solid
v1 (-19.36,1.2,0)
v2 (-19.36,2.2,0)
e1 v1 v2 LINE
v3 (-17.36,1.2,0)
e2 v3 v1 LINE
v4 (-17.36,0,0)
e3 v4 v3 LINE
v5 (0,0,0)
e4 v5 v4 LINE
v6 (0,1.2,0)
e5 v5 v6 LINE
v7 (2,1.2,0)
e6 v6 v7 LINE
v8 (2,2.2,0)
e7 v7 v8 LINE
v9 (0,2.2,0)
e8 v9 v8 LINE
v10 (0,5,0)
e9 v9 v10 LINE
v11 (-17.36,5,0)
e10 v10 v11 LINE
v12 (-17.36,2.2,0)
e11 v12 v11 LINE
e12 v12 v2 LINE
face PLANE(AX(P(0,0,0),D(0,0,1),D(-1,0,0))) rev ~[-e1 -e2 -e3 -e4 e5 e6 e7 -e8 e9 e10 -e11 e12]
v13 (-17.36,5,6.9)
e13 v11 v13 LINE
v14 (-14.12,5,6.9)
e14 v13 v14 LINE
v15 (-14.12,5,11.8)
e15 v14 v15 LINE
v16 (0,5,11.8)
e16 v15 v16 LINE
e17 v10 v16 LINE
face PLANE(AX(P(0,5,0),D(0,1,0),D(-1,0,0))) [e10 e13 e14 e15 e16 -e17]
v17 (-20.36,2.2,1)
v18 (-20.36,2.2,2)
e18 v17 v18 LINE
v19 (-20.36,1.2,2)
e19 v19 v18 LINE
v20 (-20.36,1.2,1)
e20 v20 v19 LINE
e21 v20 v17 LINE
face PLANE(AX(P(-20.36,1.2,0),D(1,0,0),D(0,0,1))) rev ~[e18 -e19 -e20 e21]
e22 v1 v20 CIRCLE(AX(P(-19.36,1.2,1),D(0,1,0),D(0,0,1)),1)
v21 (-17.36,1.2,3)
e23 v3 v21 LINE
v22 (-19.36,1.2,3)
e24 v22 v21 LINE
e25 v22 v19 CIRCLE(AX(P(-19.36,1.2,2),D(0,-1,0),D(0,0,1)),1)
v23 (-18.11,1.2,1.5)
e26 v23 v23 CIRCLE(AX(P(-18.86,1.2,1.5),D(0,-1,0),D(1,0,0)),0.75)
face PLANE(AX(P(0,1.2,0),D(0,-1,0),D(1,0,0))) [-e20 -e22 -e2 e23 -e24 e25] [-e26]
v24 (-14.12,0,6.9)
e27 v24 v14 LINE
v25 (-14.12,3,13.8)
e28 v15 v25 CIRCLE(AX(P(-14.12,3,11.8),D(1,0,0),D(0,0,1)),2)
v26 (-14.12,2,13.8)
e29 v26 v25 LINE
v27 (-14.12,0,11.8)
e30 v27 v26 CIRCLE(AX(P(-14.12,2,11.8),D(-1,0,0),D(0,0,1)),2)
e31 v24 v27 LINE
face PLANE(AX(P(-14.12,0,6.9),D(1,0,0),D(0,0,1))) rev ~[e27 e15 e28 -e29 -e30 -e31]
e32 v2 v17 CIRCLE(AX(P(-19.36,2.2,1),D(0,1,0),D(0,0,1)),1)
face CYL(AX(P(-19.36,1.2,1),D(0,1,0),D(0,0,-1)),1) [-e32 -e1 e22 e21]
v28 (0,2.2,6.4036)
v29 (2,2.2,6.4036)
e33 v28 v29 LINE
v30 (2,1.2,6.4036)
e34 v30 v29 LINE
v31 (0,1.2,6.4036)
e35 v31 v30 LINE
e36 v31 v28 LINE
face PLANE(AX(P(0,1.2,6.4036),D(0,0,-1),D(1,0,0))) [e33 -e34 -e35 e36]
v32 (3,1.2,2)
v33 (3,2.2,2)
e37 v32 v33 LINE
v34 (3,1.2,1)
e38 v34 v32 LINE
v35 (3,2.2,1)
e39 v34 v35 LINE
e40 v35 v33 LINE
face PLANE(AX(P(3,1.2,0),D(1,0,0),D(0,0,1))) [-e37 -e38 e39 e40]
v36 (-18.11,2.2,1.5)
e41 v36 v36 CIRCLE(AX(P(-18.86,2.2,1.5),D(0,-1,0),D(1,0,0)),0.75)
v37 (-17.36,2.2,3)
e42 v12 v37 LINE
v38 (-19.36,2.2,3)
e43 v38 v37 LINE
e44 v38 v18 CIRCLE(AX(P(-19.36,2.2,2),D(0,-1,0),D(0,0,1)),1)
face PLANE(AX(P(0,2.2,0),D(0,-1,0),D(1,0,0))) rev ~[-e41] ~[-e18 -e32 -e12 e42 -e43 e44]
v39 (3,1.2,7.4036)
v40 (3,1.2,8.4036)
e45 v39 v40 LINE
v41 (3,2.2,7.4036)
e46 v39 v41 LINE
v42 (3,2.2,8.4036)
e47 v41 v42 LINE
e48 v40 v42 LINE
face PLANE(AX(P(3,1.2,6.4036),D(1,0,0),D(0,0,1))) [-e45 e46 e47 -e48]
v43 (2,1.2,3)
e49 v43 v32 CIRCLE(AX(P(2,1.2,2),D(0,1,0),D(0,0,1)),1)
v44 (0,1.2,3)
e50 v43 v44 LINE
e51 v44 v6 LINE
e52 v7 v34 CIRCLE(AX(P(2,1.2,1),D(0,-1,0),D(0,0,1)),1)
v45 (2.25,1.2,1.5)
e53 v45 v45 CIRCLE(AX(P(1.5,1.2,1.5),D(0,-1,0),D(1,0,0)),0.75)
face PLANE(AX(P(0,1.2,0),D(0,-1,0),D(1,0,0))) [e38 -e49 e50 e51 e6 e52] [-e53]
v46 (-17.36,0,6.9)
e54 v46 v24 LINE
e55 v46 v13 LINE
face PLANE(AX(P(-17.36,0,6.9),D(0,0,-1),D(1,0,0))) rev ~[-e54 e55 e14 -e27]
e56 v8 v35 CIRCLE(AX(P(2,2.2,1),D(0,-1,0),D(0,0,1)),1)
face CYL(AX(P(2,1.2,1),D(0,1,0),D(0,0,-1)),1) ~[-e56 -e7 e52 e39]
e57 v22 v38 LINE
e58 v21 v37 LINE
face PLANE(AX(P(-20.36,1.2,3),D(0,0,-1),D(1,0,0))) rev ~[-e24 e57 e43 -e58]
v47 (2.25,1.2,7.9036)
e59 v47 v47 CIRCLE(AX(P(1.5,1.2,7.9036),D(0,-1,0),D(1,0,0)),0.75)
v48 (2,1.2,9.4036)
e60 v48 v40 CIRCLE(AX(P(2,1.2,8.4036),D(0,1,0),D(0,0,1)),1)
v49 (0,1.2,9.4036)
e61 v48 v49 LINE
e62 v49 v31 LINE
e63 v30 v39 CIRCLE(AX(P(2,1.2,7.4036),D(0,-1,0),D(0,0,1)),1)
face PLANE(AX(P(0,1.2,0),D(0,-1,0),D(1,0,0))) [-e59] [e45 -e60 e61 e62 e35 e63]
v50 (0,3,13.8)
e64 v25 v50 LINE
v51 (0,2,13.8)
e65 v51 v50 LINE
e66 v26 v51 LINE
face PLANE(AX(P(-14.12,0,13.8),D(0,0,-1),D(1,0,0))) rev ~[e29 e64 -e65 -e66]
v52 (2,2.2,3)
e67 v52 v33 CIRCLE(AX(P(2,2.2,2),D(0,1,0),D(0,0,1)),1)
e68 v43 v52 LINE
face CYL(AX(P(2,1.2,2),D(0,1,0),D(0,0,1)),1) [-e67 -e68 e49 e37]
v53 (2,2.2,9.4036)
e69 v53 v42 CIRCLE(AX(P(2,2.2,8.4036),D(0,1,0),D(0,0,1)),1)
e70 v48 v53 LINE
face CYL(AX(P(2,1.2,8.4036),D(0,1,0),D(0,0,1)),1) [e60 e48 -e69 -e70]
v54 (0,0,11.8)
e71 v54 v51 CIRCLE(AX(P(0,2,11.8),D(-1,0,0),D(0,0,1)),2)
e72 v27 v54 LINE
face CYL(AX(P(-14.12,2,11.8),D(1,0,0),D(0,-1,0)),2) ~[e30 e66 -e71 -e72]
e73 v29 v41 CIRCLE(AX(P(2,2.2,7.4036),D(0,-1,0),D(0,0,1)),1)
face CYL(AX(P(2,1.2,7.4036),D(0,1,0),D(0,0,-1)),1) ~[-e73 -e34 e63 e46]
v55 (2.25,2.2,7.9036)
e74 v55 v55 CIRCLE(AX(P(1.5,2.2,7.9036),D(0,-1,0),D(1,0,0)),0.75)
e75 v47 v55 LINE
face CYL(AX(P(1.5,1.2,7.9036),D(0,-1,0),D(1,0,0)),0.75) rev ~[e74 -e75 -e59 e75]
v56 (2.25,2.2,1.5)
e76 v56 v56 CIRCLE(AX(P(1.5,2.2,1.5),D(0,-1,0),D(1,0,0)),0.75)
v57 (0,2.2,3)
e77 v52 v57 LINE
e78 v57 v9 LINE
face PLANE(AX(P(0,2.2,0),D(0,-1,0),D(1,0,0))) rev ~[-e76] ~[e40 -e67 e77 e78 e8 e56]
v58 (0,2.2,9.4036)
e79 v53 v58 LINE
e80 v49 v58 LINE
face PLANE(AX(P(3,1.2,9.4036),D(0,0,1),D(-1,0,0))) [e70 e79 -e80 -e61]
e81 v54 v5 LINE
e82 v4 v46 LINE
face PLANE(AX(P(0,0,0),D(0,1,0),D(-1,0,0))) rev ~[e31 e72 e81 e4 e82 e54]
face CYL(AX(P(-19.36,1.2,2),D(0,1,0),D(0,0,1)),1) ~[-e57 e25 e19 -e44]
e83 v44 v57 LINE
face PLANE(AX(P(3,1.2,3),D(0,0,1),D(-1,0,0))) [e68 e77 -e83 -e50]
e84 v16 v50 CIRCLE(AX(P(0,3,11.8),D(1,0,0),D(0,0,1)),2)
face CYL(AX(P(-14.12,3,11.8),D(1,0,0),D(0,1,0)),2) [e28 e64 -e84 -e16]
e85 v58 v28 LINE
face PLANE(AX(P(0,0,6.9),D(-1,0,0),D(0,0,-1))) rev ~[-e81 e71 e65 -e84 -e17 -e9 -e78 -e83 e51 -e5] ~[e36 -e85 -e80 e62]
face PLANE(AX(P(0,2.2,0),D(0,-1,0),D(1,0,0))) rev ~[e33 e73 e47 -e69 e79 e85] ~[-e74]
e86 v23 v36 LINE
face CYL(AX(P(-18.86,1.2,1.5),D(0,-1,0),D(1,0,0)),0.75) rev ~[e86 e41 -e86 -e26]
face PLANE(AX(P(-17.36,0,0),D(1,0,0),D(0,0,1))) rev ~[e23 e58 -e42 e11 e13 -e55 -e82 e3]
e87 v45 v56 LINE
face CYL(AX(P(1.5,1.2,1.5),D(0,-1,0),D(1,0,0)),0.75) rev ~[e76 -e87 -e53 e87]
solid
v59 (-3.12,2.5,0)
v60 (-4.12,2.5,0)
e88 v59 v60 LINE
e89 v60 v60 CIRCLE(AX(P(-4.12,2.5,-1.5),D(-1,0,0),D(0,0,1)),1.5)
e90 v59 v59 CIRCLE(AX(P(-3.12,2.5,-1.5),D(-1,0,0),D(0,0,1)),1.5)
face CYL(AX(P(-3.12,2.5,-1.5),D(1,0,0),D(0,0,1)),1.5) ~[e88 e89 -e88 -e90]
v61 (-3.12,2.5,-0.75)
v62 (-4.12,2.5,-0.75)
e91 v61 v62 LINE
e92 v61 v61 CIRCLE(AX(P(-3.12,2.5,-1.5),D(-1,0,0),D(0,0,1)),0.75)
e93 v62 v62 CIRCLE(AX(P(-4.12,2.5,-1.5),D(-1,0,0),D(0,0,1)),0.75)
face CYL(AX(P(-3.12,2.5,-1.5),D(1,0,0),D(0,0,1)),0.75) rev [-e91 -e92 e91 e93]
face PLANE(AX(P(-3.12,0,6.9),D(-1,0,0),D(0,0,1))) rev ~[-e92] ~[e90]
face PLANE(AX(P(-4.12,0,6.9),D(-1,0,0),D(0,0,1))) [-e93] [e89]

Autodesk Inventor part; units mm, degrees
ref_plane "YZ Plane" through (0, 0, 0) normal (1, 0, 0) x (0, 1, 0)
ref_plane "XZ Plane" through (0, 0, 0) normal (0, 1, 0) x (-1, 0, 0)
ref_plane "XY Plane" through (0, 0, 0) normal (0, 0, 1) x (1, 0, 0)
sketch "Sketch1" plane through (0, 0, 0) normal (0, 1, 0) x (-1, 0, 0)
  line L0 (0, 0) -> (17.36, 0)
  line L1 (17.36, 0) -> (17.36, 6.9)
  line L2 (17.36, 6.9) -> (0, 6.9)
  line L3 (0, 6.9) -> (0, 0)
  line L4 (0, 6.9) -> (14.12, 6.9)
  line L5 (14.12, 6.9) -> (14.12, 13.8)
  line L6 (14.12, 13.8) -> (0, 13.8)
  line L7 (0, 13.8) -> (0, 6.9)
  dimension "d0" = 17.36
  dimension "d1" = 6.9
  dimension "d2" = 14.12
  dimension "d3" = 6.9
extrude "Extrusion1" add sketch "Sketch1" along normal blind 5
ref_plane "Work Plane1" through (0, 1.2, 0) normal (0, -1, 0) x (1, 0, 0)
sketch "Sketch2" plane through (0, 1.2, 0) normal (0, -1, 0) x (1, 0, 0)
  line L0 (0, 13.8) -> (0, 0) projected
  line L1 (0, 0) -> (-17.36, 0) projected
  line L2 (-17.36, 0) -> (-17.36, 6.9) projected
  line L3 (-17.36, 6.9) -> (-14.12, 6.9) projected
  line L4 (-14.12, 6.9) -> (-14.12, 13.8) projected
  line L5 (-14.12, 13.8) -> (0, 13.8) projected
  line L6 (0, 0) -> (3, 0)
  line L7 (3, 0) -> (3, 3)
  line L8 (3, 3) -> (0, 3)
  line L9 (0, 3) -> (0, 0)
  line L10 (0, 13.8) -> (0, 0) projected
  line L11 (0, 6.4036) -> (3, 6.4036)
  line L12 (3, 6.4036) -> (3, 9.4036)
  line L13 (3, 9.4036) -> (0, 9.4036)
  line L14 (0, 9.4036) -> (0, 6.4036)
  circle A0 centre (1.5, 1.5) radius 0.75
  circle A1 centre (1.5, 7.9036) radius 0.75
  line L15 (-17.36, 0) -> (-17.36, 6.9) projected
  line L16 (-17.36, 0) -> (-20.36, 0)
  line L17 (-20.36, 0) -> (-20.36, 3)
  line L18 (-20.36, 3) -> (-17.36, 3)
  line L19 (-17.36, 3) -> (-17.36, 0)
  circle A2 centre (-18.86, 1.5) radius 0.75
  dimension "d7" = 3
  dimension "d8" = 3
  dimension "d9" = 3
  dimension "d10" = 3
  dimension "d11" = 1.5
  dimension "d12" = 1.5
  dimension "d13" = 3
  dimension "d14" = 3
  dimension "d15" = 1.5
  dimension "d16" = 20.36
extrude "Extrusion2" add sketch "Sketch2" against normal blind 1 contours L13 L12 L11 L0 | L8 L7 L6 L0 | L2 L16 L17 L18
fillet "Fillet1" radius 1 6 edges at (-20.36, 1.7, 0) (3, 1.7, 9.4036) (3, 1.7, 6.4036) (3, 1.7, 3) (3, 1.7, 0) (-20.36, 1.7, 3)
ref_plane "Work Plane2" through (-3.12, 0, 6.9) normal (-1, 0, 0) x (0, 0, 1)
sketch "Sketch3" plane through (-3.12, 0, 6.9) normal (-1, 0, 0) x (0, 0, 1)
  line L0 (-3.9, 1.2) -> (-6.9, 1.2) projected
  line L1 (-6.9, 0) -> (-6.9, 1.2) projected
  line L2 (-6.9, 0) -> (0, 0) projected
  line L3 (0, 0) -> (0, 5) projected
  line L4 (-6.9, 5) -> (0, 5) projected
  line L5 (-6.9, 2.2) -> (-6.9, 5) projected
  line L6 (-6.9, 2.2) -> (-3.9, 2.2) projected
  line L7 (-3.9, 2.2) -> (-3.9, 1.2) projected
  circle A0 centre (-8.4, 2.5) radius 0.75
  circle A1 centre (-8.4, 2.5) radius 1.5
  line L8 (-6.9, 2.2) -> (-6.9, 5) projected
  dimension "d21" = 1.5
  dimension "d22" = 3
extrude "Extrusion3" add sketch "Sketch3" along normal blind 1 contours A1
fillet "Fillet2" radius 2 2 edges at (-7.06, 5, 13.8) (-7.06, 0, 13.8)
properties part number "00_z-slider_chinese_OPPO"
